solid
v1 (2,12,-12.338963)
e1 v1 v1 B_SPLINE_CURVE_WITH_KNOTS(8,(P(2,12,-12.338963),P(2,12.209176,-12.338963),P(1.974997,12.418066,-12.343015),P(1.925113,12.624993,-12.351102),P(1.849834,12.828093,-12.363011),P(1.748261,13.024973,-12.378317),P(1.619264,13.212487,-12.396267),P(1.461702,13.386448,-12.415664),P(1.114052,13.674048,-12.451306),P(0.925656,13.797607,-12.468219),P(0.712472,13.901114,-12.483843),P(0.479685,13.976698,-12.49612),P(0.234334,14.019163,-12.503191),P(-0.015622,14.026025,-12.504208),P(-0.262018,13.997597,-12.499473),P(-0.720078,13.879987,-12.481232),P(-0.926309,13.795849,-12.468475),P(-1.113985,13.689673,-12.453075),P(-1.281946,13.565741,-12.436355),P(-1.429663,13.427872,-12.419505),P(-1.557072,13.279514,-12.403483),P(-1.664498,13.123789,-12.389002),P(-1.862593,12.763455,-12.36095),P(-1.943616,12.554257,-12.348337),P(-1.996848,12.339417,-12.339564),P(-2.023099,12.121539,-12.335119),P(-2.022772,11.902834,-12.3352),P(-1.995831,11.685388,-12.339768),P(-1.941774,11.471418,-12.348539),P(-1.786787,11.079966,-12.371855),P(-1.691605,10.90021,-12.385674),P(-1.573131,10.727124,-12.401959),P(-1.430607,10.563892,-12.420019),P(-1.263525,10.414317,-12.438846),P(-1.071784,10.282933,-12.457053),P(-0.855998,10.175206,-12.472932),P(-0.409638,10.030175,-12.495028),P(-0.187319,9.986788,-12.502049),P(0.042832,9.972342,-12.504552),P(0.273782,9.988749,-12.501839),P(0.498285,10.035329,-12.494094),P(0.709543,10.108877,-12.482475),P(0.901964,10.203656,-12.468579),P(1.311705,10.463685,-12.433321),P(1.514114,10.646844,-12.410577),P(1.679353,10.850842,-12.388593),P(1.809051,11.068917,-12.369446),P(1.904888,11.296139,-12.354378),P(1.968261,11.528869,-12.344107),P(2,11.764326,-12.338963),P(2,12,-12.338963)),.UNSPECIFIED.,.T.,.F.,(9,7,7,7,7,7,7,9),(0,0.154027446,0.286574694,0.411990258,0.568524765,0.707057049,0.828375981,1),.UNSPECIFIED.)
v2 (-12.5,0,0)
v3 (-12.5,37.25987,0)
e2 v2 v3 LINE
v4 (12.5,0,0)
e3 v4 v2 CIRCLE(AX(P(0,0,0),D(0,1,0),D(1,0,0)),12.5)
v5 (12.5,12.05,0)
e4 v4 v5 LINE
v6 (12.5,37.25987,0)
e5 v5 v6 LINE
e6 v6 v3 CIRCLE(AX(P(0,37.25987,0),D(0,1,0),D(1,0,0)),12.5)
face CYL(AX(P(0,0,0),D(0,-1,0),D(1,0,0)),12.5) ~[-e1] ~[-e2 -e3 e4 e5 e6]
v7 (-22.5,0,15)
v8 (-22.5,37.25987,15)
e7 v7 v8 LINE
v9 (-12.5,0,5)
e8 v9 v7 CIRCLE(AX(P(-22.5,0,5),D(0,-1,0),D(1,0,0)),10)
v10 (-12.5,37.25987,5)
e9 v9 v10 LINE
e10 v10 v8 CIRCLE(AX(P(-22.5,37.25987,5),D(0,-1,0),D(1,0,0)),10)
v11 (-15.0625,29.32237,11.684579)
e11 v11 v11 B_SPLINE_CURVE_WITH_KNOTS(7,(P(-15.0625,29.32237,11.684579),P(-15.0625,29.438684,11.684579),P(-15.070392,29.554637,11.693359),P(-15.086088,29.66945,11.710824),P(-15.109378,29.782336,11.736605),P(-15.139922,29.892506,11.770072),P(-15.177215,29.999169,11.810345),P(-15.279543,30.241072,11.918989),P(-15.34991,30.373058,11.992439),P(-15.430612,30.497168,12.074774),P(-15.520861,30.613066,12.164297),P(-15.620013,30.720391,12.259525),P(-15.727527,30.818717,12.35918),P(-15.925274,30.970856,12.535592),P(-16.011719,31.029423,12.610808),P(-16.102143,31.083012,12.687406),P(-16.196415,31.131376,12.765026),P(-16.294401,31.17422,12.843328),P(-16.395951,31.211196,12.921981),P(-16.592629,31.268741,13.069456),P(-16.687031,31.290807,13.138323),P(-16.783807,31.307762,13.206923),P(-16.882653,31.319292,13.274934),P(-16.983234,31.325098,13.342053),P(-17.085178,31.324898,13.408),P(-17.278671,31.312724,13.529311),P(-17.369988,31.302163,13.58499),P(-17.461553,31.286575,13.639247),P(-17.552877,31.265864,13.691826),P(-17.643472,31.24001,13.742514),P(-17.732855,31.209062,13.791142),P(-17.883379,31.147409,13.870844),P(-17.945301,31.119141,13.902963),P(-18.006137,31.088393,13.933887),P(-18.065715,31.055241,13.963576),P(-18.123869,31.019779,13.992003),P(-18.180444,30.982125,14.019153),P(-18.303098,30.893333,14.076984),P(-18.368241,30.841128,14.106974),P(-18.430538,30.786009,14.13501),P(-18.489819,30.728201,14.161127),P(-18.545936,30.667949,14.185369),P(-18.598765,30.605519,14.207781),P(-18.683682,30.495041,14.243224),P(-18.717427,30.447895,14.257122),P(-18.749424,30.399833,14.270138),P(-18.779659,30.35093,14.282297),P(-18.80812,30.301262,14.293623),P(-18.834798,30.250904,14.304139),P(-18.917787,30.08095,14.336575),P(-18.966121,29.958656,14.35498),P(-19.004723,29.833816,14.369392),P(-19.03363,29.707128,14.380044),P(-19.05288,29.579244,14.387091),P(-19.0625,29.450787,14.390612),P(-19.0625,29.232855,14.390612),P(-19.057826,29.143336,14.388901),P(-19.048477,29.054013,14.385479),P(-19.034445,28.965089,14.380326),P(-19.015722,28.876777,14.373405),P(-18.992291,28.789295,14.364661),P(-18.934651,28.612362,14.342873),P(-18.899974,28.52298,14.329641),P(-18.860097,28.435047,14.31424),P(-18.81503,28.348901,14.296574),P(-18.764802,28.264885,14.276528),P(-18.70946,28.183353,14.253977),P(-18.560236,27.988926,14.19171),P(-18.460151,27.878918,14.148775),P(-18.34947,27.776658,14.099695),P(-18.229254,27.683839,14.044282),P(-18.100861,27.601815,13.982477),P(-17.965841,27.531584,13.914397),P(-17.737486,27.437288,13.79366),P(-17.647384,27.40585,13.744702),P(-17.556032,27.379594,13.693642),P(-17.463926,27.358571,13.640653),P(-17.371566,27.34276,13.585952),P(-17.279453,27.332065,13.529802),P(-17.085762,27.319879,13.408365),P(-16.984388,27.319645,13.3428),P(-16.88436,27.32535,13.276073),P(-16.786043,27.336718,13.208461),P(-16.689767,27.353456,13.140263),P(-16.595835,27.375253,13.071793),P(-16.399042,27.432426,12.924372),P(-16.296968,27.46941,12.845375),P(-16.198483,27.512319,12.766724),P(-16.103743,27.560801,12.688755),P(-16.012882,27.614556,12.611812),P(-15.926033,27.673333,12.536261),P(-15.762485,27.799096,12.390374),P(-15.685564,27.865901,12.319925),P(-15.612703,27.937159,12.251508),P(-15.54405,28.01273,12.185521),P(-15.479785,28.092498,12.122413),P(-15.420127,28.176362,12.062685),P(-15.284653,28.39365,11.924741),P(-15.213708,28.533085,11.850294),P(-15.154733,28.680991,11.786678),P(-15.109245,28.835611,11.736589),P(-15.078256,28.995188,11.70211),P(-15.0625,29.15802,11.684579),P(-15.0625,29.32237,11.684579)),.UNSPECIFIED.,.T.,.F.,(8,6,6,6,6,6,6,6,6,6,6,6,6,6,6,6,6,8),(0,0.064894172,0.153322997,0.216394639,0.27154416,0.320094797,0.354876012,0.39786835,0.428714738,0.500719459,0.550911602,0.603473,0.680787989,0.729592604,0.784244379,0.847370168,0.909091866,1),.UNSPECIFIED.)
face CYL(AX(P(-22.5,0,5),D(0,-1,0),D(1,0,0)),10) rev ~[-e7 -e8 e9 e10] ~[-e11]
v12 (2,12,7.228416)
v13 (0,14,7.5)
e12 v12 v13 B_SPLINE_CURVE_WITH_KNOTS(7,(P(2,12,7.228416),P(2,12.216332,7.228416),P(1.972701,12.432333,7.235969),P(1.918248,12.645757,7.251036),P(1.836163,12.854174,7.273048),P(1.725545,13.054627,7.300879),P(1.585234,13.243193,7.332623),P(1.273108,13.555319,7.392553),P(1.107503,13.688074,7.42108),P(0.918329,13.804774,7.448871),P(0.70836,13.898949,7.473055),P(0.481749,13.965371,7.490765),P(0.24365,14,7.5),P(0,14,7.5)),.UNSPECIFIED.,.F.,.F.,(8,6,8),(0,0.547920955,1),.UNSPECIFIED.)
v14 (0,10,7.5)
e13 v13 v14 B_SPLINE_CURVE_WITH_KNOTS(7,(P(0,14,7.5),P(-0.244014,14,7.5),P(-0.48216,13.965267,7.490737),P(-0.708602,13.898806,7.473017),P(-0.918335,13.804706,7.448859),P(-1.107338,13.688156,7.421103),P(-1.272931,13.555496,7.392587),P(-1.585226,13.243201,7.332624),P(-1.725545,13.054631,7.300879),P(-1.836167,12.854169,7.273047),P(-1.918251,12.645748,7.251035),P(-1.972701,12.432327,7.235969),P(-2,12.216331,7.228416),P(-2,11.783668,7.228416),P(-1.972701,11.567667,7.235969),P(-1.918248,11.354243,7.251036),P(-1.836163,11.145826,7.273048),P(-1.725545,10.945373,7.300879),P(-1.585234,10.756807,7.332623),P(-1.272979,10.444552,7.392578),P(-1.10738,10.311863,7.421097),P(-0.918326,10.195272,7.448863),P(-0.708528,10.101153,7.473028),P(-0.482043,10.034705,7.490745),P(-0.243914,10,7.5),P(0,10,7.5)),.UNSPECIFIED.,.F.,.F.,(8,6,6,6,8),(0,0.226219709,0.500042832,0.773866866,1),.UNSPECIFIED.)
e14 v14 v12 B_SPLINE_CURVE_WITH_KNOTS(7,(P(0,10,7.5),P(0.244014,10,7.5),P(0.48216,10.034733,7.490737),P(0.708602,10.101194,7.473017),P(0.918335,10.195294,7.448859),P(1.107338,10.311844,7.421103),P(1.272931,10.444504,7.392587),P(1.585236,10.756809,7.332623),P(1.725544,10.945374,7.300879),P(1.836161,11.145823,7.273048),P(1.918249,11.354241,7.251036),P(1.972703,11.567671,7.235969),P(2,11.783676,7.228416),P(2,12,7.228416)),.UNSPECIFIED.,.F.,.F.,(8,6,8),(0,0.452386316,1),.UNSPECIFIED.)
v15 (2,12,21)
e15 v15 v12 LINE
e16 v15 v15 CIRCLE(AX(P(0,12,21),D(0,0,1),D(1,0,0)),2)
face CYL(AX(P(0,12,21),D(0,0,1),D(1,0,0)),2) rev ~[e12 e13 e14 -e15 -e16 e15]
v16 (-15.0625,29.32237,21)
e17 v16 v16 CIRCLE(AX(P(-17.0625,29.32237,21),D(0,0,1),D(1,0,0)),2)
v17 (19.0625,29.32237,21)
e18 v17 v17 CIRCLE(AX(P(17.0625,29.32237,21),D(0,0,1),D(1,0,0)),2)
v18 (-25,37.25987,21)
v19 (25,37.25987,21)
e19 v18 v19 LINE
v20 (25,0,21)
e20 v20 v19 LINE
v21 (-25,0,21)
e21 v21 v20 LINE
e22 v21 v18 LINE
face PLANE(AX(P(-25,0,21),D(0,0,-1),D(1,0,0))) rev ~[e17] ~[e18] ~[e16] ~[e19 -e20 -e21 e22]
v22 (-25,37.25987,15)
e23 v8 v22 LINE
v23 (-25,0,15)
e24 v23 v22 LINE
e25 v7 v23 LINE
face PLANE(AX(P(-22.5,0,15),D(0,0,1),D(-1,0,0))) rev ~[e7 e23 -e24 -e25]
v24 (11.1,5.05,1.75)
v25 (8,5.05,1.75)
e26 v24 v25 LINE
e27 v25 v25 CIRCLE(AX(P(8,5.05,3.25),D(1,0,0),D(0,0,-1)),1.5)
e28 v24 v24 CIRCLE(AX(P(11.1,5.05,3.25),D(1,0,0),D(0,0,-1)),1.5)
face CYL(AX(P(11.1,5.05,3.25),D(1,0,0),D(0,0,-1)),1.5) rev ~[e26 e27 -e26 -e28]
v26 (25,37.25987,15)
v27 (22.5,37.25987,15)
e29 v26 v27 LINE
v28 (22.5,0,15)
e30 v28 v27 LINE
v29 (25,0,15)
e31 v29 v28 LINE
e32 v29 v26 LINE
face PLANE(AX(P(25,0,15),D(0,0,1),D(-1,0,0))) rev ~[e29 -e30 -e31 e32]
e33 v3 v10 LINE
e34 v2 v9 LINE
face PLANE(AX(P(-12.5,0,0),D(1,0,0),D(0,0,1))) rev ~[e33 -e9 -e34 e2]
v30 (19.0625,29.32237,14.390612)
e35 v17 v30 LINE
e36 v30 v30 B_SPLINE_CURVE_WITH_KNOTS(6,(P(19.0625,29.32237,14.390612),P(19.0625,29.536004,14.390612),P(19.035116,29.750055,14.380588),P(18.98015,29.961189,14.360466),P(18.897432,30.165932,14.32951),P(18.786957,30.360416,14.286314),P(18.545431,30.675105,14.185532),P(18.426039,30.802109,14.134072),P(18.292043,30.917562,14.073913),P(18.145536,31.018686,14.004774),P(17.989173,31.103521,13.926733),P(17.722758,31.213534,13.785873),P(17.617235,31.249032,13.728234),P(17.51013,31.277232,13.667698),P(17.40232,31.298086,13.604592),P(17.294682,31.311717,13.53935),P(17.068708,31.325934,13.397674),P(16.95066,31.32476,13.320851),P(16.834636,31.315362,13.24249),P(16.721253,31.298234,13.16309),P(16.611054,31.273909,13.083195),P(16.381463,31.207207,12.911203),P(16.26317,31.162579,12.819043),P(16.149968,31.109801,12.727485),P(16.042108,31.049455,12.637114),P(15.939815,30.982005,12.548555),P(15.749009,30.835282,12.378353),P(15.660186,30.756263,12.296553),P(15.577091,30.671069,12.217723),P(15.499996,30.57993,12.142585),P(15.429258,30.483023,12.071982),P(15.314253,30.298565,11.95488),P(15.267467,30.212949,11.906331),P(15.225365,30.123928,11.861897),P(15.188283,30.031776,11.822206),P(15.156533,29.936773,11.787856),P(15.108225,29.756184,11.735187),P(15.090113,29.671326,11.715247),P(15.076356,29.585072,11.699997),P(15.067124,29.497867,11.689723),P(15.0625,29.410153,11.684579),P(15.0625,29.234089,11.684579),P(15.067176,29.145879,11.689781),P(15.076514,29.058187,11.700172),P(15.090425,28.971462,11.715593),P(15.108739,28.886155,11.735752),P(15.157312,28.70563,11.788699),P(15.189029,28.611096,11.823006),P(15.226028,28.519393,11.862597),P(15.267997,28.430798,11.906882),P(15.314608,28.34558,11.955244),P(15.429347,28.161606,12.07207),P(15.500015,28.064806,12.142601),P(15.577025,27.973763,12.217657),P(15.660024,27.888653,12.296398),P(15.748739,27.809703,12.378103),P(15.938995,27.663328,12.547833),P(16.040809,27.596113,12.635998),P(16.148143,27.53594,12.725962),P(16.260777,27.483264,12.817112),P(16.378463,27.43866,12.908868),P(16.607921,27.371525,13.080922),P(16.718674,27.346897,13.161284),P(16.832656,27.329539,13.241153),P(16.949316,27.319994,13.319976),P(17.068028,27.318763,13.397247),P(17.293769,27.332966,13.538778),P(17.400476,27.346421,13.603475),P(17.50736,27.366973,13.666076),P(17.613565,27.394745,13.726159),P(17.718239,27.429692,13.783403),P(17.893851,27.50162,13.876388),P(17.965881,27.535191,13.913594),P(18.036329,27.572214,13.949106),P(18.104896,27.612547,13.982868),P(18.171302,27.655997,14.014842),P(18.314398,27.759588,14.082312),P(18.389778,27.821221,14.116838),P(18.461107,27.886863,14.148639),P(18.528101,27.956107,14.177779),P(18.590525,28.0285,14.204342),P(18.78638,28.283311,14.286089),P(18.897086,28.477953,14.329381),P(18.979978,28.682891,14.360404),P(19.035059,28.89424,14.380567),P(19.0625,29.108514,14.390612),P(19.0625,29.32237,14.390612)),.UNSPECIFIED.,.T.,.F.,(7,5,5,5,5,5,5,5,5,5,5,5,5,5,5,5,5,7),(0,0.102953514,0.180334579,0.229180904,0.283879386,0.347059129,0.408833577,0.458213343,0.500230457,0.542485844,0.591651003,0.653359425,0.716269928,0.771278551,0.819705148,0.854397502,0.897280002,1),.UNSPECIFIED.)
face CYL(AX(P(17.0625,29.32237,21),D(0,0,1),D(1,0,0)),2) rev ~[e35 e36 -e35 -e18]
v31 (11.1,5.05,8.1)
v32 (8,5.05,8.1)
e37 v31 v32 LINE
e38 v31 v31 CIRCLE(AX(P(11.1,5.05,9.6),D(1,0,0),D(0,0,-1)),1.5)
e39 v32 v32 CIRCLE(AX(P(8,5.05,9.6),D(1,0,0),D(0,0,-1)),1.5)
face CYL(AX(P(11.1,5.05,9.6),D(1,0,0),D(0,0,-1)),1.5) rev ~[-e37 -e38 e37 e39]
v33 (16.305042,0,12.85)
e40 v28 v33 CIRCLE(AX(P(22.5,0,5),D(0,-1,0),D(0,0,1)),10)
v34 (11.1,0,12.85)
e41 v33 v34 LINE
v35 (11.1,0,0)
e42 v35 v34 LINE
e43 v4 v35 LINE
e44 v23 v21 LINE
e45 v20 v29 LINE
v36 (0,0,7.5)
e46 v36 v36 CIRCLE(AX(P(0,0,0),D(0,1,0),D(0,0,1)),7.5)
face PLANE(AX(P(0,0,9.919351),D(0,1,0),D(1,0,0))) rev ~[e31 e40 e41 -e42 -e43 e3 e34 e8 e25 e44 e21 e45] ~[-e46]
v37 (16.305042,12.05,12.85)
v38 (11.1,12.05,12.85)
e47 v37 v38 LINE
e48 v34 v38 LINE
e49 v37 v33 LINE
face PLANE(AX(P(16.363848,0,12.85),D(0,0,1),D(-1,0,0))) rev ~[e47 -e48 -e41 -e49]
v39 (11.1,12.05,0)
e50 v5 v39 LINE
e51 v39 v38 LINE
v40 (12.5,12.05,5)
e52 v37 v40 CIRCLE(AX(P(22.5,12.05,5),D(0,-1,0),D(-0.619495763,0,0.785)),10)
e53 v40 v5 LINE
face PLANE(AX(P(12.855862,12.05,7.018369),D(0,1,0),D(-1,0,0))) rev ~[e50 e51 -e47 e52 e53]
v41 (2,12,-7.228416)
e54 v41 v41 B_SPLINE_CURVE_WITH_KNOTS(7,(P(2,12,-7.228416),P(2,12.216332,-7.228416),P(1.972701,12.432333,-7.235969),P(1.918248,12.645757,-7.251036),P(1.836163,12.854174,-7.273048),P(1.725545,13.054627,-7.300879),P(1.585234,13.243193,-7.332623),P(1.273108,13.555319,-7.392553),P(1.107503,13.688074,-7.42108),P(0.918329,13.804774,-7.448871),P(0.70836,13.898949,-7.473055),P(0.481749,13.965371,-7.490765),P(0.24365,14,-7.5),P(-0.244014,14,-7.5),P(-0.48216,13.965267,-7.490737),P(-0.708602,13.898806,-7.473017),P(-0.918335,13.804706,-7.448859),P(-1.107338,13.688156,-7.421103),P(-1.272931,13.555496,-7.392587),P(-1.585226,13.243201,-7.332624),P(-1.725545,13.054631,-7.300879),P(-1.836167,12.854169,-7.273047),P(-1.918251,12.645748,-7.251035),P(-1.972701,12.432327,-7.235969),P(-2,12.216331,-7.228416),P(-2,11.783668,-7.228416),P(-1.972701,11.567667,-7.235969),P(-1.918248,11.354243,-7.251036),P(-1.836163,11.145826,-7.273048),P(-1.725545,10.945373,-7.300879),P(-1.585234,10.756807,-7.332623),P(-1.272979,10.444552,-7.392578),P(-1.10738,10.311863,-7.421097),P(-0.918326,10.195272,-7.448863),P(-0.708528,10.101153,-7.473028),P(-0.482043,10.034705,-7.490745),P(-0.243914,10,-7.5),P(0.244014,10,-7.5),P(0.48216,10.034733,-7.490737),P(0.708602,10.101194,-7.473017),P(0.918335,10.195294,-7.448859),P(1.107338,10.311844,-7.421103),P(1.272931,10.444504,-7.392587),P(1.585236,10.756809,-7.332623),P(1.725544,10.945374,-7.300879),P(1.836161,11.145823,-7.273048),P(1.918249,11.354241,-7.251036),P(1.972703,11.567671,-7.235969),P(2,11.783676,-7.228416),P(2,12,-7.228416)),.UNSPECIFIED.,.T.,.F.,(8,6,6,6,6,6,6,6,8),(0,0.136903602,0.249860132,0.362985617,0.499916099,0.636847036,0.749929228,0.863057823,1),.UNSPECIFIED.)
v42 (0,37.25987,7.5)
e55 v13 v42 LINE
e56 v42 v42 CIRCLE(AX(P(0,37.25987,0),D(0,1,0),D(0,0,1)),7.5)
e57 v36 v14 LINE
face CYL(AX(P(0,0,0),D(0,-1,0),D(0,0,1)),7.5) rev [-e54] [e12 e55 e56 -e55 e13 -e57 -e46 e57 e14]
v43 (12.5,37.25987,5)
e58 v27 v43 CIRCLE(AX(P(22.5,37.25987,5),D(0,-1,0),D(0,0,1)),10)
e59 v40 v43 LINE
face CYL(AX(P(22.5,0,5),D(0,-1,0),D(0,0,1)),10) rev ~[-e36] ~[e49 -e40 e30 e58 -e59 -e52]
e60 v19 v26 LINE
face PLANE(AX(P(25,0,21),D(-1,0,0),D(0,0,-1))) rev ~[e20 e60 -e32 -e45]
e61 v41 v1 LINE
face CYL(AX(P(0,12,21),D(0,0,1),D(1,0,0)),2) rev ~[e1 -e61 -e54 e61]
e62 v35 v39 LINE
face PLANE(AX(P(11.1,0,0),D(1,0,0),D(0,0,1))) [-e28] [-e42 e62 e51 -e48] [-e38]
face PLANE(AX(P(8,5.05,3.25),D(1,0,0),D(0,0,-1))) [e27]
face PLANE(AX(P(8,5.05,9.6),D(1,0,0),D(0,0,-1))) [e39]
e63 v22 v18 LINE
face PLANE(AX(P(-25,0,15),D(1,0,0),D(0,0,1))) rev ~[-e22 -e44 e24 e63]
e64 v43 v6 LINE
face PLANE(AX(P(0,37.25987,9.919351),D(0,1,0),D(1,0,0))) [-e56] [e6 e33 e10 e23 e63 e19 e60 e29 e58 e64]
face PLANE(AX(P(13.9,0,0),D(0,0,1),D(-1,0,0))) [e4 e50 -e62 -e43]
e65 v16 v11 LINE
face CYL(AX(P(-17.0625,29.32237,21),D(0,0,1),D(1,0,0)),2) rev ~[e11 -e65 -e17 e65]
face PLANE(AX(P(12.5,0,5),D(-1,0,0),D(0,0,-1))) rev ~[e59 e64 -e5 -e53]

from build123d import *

# Parameters (mm, degrees)
PROFILE_SKETCH1_R                         = 7.5
PROFILE_BOSS_EXTRUDE2_DEPTH               = 37.25987
FASTENINGHOLESKETCH3_R                    = 2
FASTENINGHOLECUT_EXTRUDE8_DEPTH           = 56.995963358
LM8UUFASTENINGHOLESKETCH5_R               = 2
LM8UUFASTENINGHOLECUT_EXTRUDE9_DEPTH      = 56.995963425
MICROSWITCHCUT_EXTRUDE1_DEPTH             = 12.05
MICROSWITCHMOUNTINGHOLESKETCH2_R          = 1.5
MICROSWITCHMOUNTINGHOLECUT_EXTRUDE2_DEPTH = 3.1


with BuildPart() as part:
    # Profile-Sketch1 → Profile-Boss-Extrude2 (new body)
    with BuildSketch(Plane(origin=(0, 0, 0), x_dir=(1, 0, 0), z_dir=(0, 1, 0))):
        with BuildLine():
            Line((-25, -21), (25, -21))
            Line((25, -21), (25, -15))
            Line((25, -15), (22.5, -15))
            ThreePointArc((22.5, -15), (15.428932188, -12.071067812), (12.5, -5))
            Line((12.5, -5), (12.5, 0))
            ThreePointArc((12.5, 0), (0, 12.5), (-12.5, 0))
            Line((-12.5, 0), (-12.5, -5))
            ThreePointArc((-12.5, -5), (-15.428932188, -12.071067812), (-22.5, -15))
            Line((-22.5, -15), (-25, -15))
            Line((-25, -15), (-25, -21))
        make_face()
        with Locations(Location((0, 0, 0), (0, 0, 270))):
            Circle(PROFILE_SKETCH1_R, mode=Mode.SUBTRACT)
    extrude(amount=PROFILE_BOSS_EXTRUDE2_DEPTH)

    # FasteningHoleSketch3 → FasteningHoleCut-Extrude8 (cut, through all)
    with BuildSketch(Plane.XY.offset(21)):
        with Locations((-17.0625, 29.32237)):
            Circle(FASTENINGHOLESKETCH3_R)
        with Locations((17.0625, 29.32237)):
            Circle(FASTENINGHOLESKETCH3_R)
    extrude(amount=-FASTENINGHOLECUT_EXTRUDE8_DEPTH, mode=Mode.SUBTRACT)

    # LM8UUFasteningHoleSketch5 → LM8UUFasteningHoleCut-Extrude9 (cut, through all)
    with BuildSketch(Plane.XY.offset(21)):
        with Locations((0, 12)):
            Circle(LM8UUFASTENINGHOLESKETCH5_R)
    extrude(amount=-LM8UUFASTENINGHOLECUT_EXTRUDE9_DEPTH, mode=Mode.SUBTRACT)

    # Sketch1 → MicroSwitchCut-Extrude1 (cut)
    with BuildSketch(Plane.XZ):
        Polygon((13.9, 12.85), (16.363847734, 12.85), (13.9, 10.102940329), (13.9, 0), (11.1, 0), (11.1, 12.85), align=None)
    extrude(amount=-MICROSWITCHCUT_EXTRUDE1_DEPTH, mode=Mode.SUBTRACT)

    # MicroSwitchMountingHoleSketch2 → MicroSwitchMountingHoleCut-Extrude2 (cut)
    with BuildSketch(Plane(origin=(11.1, 0, 0), x_dir=(0, 0, -1), z_dir=(1, 0, 0))):
        with Locations((-9.6, 5.05)):
            Circle(MICROSWITCHMOUNTINGHOLESKETCH2_R)
        with Locations((-3.25, 5.05)):
            Circle(MICROSWITCHMOUNTINGHOLESKETCH2_R)
    extrude(amount=-MICROSWITCHMOUNTINGHOLECUT_EXTRUDE2_DEPTH, mode=Mode.SUBTRACT)


solid = part.part
